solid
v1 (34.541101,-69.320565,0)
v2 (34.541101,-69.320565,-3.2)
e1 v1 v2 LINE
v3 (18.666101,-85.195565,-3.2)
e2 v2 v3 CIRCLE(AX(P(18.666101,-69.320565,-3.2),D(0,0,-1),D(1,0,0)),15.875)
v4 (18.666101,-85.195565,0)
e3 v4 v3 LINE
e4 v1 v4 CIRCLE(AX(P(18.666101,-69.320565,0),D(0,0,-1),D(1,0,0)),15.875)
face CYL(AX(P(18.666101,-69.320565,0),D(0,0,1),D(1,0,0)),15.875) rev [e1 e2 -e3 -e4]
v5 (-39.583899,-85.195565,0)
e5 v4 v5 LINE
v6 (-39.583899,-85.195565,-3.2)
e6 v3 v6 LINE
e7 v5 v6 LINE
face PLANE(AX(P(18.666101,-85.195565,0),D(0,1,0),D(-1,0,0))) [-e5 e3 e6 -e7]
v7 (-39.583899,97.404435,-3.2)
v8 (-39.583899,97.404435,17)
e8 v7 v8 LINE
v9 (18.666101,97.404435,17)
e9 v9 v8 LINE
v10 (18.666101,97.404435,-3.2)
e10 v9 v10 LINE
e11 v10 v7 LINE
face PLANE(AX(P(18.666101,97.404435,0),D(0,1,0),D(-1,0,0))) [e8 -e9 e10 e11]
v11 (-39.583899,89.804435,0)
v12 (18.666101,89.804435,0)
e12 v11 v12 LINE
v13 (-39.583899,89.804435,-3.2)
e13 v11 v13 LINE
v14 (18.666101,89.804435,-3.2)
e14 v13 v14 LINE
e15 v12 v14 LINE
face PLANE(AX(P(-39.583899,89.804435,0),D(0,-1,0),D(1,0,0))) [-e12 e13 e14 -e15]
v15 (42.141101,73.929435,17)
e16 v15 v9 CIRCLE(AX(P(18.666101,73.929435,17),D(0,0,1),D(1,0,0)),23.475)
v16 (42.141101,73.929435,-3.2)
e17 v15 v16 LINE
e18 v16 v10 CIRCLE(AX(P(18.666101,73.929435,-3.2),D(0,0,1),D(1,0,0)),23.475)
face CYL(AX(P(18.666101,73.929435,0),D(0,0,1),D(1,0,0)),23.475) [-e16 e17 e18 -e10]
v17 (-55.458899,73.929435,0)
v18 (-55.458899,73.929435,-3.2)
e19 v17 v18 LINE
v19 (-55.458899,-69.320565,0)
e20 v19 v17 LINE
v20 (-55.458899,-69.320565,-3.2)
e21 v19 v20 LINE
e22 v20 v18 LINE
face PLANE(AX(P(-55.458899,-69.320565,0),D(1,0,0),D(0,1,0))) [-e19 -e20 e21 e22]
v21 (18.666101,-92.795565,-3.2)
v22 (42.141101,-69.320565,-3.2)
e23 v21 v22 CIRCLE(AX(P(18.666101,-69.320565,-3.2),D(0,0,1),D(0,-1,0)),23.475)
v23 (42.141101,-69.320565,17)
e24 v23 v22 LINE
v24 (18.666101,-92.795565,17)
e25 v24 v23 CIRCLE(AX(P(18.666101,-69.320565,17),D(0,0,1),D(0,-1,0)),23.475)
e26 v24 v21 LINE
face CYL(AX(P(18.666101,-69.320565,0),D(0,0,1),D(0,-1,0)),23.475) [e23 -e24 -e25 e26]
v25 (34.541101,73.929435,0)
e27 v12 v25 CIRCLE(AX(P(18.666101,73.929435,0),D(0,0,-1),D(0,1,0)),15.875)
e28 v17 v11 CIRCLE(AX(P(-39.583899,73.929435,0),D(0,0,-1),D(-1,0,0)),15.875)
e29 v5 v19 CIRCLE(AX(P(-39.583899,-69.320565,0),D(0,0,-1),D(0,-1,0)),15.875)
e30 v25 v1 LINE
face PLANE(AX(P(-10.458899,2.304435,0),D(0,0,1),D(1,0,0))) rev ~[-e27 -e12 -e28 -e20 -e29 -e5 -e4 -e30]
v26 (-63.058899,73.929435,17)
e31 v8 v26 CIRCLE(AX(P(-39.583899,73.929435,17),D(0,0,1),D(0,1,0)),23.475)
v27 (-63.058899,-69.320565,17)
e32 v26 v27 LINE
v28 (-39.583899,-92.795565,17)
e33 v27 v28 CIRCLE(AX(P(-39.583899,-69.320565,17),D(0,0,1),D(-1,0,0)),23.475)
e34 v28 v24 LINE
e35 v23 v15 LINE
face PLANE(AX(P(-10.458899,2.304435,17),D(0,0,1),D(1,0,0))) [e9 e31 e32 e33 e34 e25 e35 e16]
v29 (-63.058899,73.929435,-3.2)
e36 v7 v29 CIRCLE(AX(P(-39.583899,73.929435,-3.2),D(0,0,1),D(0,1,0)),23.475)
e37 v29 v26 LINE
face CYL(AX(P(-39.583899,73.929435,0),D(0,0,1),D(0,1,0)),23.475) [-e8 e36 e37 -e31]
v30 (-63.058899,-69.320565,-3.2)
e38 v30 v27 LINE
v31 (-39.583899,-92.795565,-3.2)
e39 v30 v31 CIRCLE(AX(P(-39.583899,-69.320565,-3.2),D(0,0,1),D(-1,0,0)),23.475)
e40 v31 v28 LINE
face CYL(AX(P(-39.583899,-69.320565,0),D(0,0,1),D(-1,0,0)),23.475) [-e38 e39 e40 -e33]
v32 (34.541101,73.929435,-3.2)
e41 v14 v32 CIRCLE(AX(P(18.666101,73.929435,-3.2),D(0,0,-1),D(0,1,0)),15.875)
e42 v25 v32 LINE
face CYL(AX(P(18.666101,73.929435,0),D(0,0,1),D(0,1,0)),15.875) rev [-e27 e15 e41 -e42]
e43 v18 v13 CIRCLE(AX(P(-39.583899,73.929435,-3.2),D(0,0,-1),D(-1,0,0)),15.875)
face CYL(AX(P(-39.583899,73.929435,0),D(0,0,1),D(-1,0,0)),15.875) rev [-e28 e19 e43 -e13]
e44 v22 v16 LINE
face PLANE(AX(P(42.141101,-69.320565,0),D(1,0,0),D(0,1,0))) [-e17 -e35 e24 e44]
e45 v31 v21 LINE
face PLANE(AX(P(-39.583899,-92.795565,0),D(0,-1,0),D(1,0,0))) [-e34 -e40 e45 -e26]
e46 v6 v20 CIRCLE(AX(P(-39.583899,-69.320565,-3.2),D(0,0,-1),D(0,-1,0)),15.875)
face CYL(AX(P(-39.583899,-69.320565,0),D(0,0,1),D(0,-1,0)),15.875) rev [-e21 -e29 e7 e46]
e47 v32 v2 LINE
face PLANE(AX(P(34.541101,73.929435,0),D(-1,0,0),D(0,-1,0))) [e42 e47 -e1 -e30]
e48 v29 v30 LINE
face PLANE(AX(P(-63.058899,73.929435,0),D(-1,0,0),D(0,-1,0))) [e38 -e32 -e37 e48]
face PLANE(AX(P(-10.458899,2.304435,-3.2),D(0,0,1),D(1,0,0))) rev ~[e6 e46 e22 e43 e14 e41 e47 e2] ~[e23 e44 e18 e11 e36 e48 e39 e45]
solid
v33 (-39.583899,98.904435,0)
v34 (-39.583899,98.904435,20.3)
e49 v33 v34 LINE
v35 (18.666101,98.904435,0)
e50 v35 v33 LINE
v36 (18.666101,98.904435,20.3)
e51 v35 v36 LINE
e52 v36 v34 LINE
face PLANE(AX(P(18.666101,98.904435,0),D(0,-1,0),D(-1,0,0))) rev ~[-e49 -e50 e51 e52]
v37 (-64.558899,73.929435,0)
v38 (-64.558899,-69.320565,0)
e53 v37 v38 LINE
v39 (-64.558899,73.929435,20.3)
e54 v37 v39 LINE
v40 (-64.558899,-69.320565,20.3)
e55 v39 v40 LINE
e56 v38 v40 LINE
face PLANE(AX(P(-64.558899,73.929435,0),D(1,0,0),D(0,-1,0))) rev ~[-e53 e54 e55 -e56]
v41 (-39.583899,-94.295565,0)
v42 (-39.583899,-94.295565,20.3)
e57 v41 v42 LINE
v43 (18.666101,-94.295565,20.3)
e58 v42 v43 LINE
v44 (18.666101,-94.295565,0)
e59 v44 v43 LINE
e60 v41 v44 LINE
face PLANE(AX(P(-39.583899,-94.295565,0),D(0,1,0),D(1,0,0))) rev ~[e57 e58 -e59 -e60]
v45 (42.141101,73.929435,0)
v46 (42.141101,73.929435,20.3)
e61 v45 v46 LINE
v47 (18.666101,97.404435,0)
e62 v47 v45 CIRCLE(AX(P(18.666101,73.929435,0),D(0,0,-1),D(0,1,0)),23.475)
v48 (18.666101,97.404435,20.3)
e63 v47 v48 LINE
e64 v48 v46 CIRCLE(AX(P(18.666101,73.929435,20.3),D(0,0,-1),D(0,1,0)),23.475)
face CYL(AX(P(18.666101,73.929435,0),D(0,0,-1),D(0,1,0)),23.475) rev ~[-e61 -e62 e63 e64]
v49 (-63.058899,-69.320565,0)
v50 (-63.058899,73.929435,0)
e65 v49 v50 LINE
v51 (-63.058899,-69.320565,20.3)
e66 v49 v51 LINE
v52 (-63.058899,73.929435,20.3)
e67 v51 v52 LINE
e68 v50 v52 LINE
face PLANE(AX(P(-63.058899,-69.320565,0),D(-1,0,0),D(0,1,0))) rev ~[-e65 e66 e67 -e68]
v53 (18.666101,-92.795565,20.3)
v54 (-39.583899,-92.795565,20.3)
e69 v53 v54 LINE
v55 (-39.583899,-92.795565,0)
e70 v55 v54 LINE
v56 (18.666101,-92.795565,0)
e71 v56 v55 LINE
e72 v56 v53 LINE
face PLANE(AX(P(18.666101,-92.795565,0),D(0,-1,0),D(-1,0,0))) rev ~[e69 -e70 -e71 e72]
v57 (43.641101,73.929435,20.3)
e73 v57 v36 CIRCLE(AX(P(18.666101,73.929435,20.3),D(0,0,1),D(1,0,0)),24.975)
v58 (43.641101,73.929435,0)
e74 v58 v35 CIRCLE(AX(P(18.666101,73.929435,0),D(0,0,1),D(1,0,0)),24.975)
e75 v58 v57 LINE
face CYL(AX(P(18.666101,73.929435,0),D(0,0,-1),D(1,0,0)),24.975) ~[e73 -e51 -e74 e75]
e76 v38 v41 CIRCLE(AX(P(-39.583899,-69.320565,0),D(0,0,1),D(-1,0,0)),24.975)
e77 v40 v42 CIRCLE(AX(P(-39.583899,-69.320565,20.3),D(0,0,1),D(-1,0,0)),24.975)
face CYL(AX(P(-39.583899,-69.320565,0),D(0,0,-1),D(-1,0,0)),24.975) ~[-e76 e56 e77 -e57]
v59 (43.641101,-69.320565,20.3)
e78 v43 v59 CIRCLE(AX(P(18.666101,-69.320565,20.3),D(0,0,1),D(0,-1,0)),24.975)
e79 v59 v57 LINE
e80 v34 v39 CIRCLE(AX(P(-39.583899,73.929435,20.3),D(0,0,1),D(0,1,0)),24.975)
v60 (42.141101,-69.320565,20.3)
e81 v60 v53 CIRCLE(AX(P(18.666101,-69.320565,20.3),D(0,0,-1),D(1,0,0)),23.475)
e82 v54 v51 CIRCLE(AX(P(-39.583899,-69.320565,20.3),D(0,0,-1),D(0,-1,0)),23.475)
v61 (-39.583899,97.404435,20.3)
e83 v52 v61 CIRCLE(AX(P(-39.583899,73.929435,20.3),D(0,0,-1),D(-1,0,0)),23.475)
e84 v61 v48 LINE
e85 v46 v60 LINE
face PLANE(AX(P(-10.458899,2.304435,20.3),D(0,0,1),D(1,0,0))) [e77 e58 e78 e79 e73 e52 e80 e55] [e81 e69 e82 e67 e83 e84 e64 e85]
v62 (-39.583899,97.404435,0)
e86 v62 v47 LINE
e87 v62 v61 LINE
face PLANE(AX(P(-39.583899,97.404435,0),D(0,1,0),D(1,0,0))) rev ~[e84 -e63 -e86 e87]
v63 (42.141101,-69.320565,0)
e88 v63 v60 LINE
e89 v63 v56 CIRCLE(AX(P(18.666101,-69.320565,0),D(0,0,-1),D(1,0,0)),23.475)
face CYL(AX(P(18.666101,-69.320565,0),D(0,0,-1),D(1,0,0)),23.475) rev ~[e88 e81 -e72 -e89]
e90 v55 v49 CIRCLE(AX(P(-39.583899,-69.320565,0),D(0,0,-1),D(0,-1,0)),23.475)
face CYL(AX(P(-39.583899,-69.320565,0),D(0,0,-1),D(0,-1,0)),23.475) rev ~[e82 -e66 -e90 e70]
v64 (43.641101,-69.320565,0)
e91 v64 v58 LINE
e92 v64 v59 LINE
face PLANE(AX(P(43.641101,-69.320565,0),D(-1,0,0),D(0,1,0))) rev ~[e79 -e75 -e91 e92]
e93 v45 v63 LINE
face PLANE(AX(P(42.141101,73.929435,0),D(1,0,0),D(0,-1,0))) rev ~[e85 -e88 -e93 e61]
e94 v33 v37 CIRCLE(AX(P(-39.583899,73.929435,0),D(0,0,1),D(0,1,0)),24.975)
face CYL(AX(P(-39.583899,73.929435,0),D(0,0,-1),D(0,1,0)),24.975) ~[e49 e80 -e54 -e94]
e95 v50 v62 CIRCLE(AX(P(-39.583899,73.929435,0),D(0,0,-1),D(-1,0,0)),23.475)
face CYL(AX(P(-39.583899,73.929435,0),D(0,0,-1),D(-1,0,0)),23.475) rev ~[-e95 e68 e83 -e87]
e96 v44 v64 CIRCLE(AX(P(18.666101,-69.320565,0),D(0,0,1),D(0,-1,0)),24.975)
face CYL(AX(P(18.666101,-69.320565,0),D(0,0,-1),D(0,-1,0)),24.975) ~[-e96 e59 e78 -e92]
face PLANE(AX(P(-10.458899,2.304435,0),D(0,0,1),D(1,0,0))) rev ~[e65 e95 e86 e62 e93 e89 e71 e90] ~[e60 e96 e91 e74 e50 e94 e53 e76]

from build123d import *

# Parameters (mm, degrees)
F1_DEPTH = 17
F2_DEPTH = 3.2
F3_DEPTH = 20.3


with BuildPart() as f1:
    # F0 (on Top) → F1 (new body)
    with BuildSketch(Plane.XY):
        with BuildLine():
            Line((18.6661011875, 97.4044347763), (-39.5838988125, 97.4044347763))
            ThreePointArc((-39.5838988125, 97.4044347763), (-56.1832305009, 90.5287664647), (-63.0588988125, 73.9294347763))
            Line((-63.0588988125, 73.9294347763), (-63.0588988125, -69.3205652237))
            ThreePointArc((-63.0588988125, -69.3205652237), (-56.1832305009, -85.919896912), (-39.5838988125, -92.7955652237))
            Line((-39.5838988125, -92.7955652237), (18.6661011875, -92.7955652237))
            ThreePointArc((18.6661011875, -92.7955652237), (35.2654328758, -85.919896912), (42.1411011875, -69.3205652237))
            Line((42.1411011875, -69.3205652237), (42.1411011875, 73.9294347763))
            ThreePointArc((42.1411011875, 73.9294347763), (35.2654328758, 90.5287664647), (18.6661011875, 97.4044347763))
        make_face()
        with BuildLine():
            ThreePointArc((-55.4588988125, 73.9294347763), (-50.8092189639, 85.1547549276), (-39.5838988125, 89.8044347763))
            Line((-39.5838988125, 89.8044347763), (18.6661011875, 89.8044347763))
            ThreePointArc((18.6661011875, 89.8044347763), (29.8914213388, 85.1547549276), (34.5411011875, 73.9294347763))
            Line((34.5411011875, 73.9294347763), (34.5411011875, -69.3205652237))
            ThreePointArc((34.5411011875, -69.3205652237), (29.8914213388, -80.545885375), (18.6661011875, -85.1955652237))
            Line((18.6661011875, -85.1955652237), (-39.5838988125, -85.1955652237))
            ThreePointArc((-39.5838988125, -85.1955652237), (-50.8092189639, -80.545885375), (-55.4588988125, -69.3205652237))
            Line((-55.4588988125, -69.3205652237), (-55.4588988125, 73.9294347763))
        make_face(mode=Mode.SUBTRACT)
        with BuildLine():
            Line((18.6661011875, 89.8044347763), (-39.5838988125, 89.8044347763))
            ThreePointArc((-39.5838988125, 89.8044347763), (-50.8092189639, 85.1547549276), (-55.4588988125, 73.9294347763))
            Line((-55.4588988125, 73.9294347763), (-55.4588988125, -69.3205652237))
            ThreePointArc((-55.4588988125, -69.3205652237), (-50.8092189639, -80.545885375), (-39.5838988125, -85.1955652237))
            Line((-39.5838988125, -85.1955652237), (18.6661011875, -85.1955652237))
            ThreePointArc((18.6661011875, -85.1955652237), (29.8914213388, -80.545885375), (34.5411011875, -69.3205652237))
            Line((34.5411011875, -69.3205652237), (34.5411011875, 73.9294347763))
            ThreePointArc((34.5411011875, 73.9294347763), (29.8914213388, 85.1547549276), (18.6661011875, 89.8044347763))
        make_face()
    extrude(amount=F1_DEPTH)

    # F0 (on Top) → F2 (join)
    with BuildSketch(Plane.XY):
        with BuildLine():
            Line((18.6661011875, 97.4044347763), (-39.5838988125, 97.4044347763))
            ThreePointArc((-39.5838988125, 97.4044347763), (-56.1832305009, 90.5287664647), (-63.0588988125, 73.9294347763))
            Line((-63.0588988125, 73.9294347763), (-63.0588988125, -69.3205652237))
            ThreePointArc((-63.0588988125, -69.3205652237), (-56.1832305009, -85.919896912), (-39.5838988125, -92.7955652237))
            Line((-39.5838988125, -92.7955652237), (18.6661011875, -92.7955652237))
            ThreePointArc((18.6661011875, -92.7955652237), (35.2654328758, -85.919896912), (42.1411011875, -69.3205652237))
            Line((42.1411011875, -69.3205652237), (42.1411011875, 73.9294347763))
            ThreePointArc((42.1411011875, 73.9294347763), (35.2654328758, 90.5287664647), (18.6661011875, 97.4044347763))
        make_face()
        with BuildLine():
            ThreePointArc((-55.4588988125, 73.9294347763), (-50.8092189639, 85.1547549276), (-39.5838988125, 89.8044347763))
            Line((-39.5838988125, 89.8044347763), (18.6661011875, 89.8044347763))
            ThreePointArc((18.6661011875, 89.8044347763), (29.8914213388, 85.1547549276), (34.5411011875, 73.9294347763))
            Line((34.5411011875, 73.9294347763), (34.5411011875, -69.3205652237))
            ThreePointArc((34.5411011875, -69.3205652237), (29.8914213388, -80.545885375), (18.6661011875, -85.1955652237))
            Line((18.6661011875, -85.1955652237), (-39.5838988125, -85.1955652237))
            ThreePointArc((-39.5838988125, -85.1955652237), (-50.8092189639, -80.545885375), (-55.4588988125, -69.3205652237))
            Line((-55.4588988125, -69.3205652237), (-55.4588988125, 73.9294347763))
        make_face(mode=Mode.SUBTRACT)
    extrude(amount=-F2_DEPTH)


with BuildPart() as f3:
    # F0 (on Top) → F3 (new body)
    with BuildSketch(Plane.XY):
        with BuildLine():
            Line((18.6661011875, 98.9044347763), (-39.5838988125, 98.9044347763))
            ThreePointArc((-39.5838988125, 98.9044347763), (-57.2438906727, 91.5894266364), (-64.5588988125, 73.9294347763))
            Line((-64.5588988125, 73.9294347763), (-64.5588988125, -69.3205652237))
            ThreePointArc((-64.5588988125, -69.3205652237), (-57.2438906727, -86.9805570838), (-39.5838988125, -94.2955652237))
            Line((-39.5838988125, -94.2955652237), (18.6661011875, -94.2955652237))
            ThreePointArc((18.6661011875, -94.2955652237), (36.3260930476, -86.9805570838), (43.6411011875, -69.3205652237))
            Line((43.6411011875, -69.3205652237), (43.6411011875, 73.9294347763))
            ThreePointArc((43.6411011875, 73.9294347763), (36.3260930476, 91.5894266364), (18.6661011875, 98.9044347763))
        make_face()
        with BuildLine():
            ThreePointArc((-63.0588988125, 73.9294347763), (-56.1832305009, 90.5287664647), (-39.5838988125, 97.4044347763))
            Line((-39.5838988125, 97.4044347763), (18.6661011875, 97.4044347763))
            ThreePointArc((18.6661011875, 97.4044347763), (35.2654328758, 90.5287664647), (42.1411011875, 73.9294347763))
            Line((42.1411011875, 73.9294347763), (42.1411011875, -69.3205652237))
            ThreePointArc((42.1411011875, -69.3205652237), (35.2654328758, -85.919896912), (18.6661011875, -92.7955652237))
            Line((18.6661011875, -92.7955652237), (-39.5838988125, -92.7955652237))
            ThreePointArc((-39.5838988125, -92.7955652237), (-56.1832305009, -85.919896912), (-63.0588988125, -69.3205652237))
            Line((-63.0588988125, -69.3205652237), (-63.0588988125, 73.9294347763))
        make_face(mode=Mode.SUBTRACT)
    extrude(amount=F3_DEPTH)


solid = Compound([f1.part, f3.part])
